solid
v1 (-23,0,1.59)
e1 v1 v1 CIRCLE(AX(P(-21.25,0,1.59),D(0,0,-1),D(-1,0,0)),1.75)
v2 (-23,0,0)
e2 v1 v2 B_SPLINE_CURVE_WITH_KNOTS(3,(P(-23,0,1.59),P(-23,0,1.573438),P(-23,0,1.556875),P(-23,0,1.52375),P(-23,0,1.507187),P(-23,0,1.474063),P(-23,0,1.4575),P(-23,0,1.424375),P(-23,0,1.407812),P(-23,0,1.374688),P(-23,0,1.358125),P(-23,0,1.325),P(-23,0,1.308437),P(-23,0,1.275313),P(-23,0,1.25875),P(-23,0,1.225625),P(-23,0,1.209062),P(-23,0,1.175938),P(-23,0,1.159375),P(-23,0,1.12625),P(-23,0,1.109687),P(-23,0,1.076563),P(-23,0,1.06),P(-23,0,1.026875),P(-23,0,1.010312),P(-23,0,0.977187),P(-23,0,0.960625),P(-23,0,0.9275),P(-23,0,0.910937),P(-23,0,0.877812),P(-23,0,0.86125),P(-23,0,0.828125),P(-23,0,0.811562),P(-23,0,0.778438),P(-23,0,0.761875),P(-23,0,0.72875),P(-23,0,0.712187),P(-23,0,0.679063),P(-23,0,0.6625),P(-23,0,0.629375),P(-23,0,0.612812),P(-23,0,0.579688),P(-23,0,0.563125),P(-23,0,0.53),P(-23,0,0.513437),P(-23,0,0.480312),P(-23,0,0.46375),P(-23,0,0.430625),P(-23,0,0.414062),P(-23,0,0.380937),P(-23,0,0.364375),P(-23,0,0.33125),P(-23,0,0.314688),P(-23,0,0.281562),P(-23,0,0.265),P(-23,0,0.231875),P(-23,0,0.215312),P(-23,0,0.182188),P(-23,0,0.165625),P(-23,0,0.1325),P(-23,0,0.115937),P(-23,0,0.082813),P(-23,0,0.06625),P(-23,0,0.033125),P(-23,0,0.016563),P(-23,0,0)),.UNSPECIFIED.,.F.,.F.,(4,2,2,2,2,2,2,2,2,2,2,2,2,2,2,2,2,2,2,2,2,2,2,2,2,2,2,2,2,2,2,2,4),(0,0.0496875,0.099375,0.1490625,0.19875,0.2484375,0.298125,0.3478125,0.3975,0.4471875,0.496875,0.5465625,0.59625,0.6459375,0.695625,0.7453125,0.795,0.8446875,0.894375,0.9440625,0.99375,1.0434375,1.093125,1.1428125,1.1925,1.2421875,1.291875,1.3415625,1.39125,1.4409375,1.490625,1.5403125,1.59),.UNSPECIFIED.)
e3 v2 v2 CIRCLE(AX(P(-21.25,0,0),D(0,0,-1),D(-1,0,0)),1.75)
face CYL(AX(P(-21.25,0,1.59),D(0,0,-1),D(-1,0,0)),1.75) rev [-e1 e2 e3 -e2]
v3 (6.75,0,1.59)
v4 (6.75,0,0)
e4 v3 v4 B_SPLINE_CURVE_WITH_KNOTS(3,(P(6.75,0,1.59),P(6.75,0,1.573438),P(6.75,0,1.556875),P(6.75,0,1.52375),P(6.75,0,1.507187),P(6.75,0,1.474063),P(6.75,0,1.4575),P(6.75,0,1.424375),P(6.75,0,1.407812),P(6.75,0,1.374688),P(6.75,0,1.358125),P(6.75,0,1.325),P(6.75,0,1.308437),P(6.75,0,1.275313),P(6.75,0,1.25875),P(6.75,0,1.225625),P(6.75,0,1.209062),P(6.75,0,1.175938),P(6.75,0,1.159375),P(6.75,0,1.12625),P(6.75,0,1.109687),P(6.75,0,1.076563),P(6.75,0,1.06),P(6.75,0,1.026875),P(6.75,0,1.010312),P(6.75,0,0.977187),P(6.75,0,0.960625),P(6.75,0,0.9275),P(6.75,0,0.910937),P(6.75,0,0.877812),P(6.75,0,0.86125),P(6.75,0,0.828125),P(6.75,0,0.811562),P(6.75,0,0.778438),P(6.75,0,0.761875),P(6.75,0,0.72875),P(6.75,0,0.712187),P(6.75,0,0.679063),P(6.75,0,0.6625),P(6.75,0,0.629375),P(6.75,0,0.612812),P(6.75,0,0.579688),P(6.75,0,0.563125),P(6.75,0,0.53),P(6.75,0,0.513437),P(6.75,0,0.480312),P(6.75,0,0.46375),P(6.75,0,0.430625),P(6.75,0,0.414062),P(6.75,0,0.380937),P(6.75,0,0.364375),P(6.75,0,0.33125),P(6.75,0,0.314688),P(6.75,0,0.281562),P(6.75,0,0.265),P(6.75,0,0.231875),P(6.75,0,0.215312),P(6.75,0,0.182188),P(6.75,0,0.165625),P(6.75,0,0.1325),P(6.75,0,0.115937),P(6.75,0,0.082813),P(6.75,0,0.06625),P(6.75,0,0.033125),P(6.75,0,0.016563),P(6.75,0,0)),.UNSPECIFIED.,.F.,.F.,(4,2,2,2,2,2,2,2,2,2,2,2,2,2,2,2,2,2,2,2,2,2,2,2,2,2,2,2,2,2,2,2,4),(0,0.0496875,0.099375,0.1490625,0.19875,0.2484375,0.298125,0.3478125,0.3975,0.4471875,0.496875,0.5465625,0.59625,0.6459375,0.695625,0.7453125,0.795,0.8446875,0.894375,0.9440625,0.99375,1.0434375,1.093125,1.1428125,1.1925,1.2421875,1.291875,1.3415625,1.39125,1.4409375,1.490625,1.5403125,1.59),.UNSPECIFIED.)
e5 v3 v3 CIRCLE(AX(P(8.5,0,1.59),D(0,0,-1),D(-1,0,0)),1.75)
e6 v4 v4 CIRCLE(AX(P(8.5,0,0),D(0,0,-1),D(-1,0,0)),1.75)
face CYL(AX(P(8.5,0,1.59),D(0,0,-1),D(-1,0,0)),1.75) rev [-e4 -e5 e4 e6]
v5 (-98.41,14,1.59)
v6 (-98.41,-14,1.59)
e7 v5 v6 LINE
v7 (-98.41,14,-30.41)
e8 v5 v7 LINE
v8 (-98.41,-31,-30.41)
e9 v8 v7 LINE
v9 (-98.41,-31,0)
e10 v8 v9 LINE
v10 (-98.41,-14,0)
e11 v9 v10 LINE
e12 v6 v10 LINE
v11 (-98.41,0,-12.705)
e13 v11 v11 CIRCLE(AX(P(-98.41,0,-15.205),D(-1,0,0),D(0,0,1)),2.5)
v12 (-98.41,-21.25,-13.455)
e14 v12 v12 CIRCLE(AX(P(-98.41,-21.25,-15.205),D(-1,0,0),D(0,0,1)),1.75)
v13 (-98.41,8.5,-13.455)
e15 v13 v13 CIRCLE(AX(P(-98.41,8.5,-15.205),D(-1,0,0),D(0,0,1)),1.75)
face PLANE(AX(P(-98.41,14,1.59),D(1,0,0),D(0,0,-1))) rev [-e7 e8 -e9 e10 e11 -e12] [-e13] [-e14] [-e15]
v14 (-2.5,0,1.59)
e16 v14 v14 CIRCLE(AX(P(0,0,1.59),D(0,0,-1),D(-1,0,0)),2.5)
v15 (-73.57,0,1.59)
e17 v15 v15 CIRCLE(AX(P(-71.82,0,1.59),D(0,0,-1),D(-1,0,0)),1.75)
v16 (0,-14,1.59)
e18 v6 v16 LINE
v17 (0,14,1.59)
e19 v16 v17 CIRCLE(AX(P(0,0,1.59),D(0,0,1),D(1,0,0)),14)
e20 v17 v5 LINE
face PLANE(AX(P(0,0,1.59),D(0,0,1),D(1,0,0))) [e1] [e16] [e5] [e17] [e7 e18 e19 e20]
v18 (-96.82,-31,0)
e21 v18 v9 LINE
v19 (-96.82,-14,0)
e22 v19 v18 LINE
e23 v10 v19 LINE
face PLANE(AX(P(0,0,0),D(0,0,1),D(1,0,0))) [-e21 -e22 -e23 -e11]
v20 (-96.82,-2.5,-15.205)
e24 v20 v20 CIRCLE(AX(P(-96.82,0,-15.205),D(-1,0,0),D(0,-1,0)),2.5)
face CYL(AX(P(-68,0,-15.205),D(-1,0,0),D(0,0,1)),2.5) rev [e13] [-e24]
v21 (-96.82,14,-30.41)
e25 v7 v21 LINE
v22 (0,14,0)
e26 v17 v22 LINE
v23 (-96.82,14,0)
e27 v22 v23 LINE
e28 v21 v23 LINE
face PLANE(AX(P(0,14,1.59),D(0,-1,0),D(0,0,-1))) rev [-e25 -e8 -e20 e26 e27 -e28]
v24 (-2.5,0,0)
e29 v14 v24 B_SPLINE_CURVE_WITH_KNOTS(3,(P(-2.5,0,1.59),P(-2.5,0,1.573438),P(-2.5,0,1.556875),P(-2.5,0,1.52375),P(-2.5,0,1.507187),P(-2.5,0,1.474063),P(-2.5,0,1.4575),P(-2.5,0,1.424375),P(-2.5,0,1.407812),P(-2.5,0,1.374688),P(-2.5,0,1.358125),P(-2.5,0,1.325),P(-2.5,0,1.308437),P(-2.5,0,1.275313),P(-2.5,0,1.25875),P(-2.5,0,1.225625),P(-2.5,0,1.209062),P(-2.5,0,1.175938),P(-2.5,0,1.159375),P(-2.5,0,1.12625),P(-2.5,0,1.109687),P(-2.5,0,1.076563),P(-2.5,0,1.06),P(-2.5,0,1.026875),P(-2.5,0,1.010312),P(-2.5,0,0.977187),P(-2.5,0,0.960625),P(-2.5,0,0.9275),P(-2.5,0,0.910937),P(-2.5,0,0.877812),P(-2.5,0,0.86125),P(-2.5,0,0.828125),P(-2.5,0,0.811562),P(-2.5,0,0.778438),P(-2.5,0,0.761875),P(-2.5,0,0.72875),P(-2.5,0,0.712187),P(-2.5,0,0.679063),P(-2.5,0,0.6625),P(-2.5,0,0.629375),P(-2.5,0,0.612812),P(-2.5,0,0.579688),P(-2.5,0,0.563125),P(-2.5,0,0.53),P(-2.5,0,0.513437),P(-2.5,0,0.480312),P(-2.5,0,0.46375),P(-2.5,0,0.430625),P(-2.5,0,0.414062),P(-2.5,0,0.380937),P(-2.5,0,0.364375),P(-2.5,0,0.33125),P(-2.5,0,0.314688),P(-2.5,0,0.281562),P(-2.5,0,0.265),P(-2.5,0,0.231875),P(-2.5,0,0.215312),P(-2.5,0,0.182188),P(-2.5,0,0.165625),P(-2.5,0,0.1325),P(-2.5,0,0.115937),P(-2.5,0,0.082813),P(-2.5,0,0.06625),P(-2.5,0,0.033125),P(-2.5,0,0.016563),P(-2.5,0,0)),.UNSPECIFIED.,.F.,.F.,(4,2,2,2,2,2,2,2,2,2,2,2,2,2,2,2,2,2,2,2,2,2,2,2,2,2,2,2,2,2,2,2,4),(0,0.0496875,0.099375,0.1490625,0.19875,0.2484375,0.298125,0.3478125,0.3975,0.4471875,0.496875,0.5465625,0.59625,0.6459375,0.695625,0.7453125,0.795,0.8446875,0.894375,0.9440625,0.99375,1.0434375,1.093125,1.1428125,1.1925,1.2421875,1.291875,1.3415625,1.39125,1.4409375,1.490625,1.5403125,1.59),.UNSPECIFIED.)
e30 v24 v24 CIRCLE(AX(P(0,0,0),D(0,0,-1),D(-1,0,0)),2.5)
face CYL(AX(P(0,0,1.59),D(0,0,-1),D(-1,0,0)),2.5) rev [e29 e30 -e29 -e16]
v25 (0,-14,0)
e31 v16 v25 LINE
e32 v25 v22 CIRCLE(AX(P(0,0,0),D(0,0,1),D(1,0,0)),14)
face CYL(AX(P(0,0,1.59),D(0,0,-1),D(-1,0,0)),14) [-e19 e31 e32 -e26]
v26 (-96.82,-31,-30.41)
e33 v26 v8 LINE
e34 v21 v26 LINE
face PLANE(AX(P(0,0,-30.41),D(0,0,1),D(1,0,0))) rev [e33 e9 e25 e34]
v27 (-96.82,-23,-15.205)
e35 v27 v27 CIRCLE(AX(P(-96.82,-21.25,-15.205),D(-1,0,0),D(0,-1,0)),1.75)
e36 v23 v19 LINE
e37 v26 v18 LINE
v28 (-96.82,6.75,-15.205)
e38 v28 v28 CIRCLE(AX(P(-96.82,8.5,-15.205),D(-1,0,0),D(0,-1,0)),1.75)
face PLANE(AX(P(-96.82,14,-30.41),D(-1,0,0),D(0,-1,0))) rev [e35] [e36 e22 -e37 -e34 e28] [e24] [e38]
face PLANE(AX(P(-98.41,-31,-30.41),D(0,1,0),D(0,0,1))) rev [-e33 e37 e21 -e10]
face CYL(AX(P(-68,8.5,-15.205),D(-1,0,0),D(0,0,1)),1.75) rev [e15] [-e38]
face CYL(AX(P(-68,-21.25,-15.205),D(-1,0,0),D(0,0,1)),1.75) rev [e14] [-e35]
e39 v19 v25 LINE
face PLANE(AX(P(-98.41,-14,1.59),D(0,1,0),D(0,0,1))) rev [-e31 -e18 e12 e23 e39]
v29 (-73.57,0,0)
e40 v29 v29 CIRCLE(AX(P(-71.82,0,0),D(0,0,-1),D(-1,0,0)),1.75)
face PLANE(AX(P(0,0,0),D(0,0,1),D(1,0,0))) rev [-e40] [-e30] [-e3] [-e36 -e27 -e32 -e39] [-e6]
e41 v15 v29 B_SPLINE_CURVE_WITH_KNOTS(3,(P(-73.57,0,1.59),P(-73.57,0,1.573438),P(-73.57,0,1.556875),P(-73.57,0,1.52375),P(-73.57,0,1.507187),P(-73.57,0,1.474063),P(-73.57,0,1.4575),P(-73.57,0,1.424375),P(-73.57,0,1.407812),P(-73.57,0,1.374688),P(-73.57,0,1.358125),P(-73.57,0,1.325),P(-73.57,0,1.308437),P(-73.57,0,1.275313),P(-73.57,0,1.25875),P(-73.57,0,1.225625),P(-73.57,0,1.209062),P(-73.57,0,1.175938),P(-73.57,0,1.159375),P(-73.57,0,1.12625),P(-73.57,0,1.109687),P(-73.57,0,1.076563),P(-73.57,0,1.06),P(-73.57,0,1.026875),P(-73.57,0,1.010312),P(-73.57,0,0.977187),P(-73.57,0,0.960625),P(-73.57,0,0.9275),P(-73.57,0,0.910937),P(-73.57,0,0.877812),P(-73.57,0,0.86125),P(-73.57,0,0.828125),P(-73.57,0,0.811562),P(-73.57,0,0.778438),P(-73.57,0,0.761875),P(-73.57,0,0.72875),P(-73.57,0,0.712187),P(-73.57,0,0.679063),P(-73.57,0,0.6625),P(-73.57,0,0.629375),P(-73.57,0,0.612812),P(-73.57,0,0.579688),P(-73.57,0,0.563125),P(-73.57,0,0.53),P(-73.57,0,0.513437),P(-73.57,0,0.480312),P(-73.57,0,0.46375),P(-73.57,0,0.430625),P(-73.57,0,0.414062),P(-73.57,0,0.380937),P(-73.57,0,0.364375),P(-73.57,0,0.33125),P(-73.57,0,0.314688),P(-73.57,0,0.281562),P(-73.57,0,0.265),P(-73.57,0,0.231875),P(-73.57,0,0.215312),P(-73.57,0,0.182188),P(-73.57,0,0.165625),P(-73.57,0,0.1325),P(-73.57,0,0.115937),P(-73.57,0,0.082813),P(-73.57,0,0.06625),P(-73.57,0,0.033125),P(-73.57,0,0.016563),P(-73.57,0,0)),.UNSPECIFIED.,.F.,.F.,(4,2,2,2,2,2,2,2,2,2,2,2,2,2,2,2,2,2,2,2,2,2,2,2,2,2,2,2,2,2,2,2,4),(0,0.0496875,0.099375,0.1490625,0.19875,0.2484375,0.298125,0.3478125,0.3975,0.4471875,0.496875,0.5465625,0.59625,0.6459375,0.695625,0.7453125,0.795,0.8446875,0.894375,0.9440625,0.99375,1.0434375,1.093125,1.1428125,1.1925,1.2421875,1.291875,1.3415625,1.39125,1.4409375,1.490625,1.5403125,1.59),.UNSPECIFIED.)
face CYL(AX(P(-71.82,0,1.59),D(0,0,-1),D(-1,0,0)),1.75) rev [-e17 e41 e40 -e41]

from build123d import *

# Parameters (mm, degrees)
BOSS_EXTRUDE1_DEPTH = 1.59
SKETCH2_W           = 1.59
SKETCH2_H           = 45
BOSS_EXTRUDE2_DEPTH = 30.41
SKETCH3_R           = 1.75
SKETCH3_R_2         = 2.5
CUT_EXTRUDE1_DEPTH  = 108.565311323
SKETCH4_R           = 2.5
SKETCH4_R_2         = 1.75
CUT_EXTRUDE2_DEPTH  = 30.41


with BuildPart() as part:
    # Sketch1 → Boss-Extrude1 (new body)
    with BuildSketch(Plane.XY):
        with BuildLine():
            Line((0, 14), (-98.41, 14))
            Line((-98.41, 14), (-98.41, -14))
            Line((-98.41, -14), (0, -14))
            ThreePointArc((0, -14), (14, 0), (0, 14))
        make_face()
    extrude(amount=BOSS_EXTRUDE1_DEPTH)

    # Sketch2 → Boss-Extrude2 (add)
    with BuildSketch(Plane(origin=(0, 0, 0), x_dir=(-1, 0, 0), z_dir=(0, 0, -1))):
        with Locations((97.615, -8.5)):
            Rectangle(SKETCH2_W, SKETCH2_H)
    extrude(amount=BOSS_EXTRUDE2_DEPTH)

    # Sketch3 → Cut-Extrude1 (cut, through all)
    with BuildSketch(Plane(origin=(0, 0, 0), x_dir=(-1, 0, 0), z_dir=(0, 0, -1))):
        with Locations((71.82, 0)):
            Circle(SKETCH3_R)
        with Locations((-8.5, 0)):
            Circle(SKETCH3_R)
        Circle(SKETCH3_R_2)
        with Locations((21.25, 0)):
            Circle(SKETCH3_R)
    extrude(amount=-CUT_EXTRUDE1_DEPTH, mode=Mode.SUBTRACT)

    # Sketch4 → Cut-Extrude2 (cut)
    with BuildSketch(Plane.ZY.offset(98.41)):
        with Locations((-15.205, 0)):
            Circle(SKETCH4_R)
        with Locations((-15.205, 8.5)):
            Circle(SKETCH4_R_2)
        with Locations((-15.205, -21.25)):
            Circle(SKETCH4_R_2)
    extrude(amount=-CUT_EXTRUDE2_DEPTH, mode=Mode.SUBTRACT)


solid = part.part
